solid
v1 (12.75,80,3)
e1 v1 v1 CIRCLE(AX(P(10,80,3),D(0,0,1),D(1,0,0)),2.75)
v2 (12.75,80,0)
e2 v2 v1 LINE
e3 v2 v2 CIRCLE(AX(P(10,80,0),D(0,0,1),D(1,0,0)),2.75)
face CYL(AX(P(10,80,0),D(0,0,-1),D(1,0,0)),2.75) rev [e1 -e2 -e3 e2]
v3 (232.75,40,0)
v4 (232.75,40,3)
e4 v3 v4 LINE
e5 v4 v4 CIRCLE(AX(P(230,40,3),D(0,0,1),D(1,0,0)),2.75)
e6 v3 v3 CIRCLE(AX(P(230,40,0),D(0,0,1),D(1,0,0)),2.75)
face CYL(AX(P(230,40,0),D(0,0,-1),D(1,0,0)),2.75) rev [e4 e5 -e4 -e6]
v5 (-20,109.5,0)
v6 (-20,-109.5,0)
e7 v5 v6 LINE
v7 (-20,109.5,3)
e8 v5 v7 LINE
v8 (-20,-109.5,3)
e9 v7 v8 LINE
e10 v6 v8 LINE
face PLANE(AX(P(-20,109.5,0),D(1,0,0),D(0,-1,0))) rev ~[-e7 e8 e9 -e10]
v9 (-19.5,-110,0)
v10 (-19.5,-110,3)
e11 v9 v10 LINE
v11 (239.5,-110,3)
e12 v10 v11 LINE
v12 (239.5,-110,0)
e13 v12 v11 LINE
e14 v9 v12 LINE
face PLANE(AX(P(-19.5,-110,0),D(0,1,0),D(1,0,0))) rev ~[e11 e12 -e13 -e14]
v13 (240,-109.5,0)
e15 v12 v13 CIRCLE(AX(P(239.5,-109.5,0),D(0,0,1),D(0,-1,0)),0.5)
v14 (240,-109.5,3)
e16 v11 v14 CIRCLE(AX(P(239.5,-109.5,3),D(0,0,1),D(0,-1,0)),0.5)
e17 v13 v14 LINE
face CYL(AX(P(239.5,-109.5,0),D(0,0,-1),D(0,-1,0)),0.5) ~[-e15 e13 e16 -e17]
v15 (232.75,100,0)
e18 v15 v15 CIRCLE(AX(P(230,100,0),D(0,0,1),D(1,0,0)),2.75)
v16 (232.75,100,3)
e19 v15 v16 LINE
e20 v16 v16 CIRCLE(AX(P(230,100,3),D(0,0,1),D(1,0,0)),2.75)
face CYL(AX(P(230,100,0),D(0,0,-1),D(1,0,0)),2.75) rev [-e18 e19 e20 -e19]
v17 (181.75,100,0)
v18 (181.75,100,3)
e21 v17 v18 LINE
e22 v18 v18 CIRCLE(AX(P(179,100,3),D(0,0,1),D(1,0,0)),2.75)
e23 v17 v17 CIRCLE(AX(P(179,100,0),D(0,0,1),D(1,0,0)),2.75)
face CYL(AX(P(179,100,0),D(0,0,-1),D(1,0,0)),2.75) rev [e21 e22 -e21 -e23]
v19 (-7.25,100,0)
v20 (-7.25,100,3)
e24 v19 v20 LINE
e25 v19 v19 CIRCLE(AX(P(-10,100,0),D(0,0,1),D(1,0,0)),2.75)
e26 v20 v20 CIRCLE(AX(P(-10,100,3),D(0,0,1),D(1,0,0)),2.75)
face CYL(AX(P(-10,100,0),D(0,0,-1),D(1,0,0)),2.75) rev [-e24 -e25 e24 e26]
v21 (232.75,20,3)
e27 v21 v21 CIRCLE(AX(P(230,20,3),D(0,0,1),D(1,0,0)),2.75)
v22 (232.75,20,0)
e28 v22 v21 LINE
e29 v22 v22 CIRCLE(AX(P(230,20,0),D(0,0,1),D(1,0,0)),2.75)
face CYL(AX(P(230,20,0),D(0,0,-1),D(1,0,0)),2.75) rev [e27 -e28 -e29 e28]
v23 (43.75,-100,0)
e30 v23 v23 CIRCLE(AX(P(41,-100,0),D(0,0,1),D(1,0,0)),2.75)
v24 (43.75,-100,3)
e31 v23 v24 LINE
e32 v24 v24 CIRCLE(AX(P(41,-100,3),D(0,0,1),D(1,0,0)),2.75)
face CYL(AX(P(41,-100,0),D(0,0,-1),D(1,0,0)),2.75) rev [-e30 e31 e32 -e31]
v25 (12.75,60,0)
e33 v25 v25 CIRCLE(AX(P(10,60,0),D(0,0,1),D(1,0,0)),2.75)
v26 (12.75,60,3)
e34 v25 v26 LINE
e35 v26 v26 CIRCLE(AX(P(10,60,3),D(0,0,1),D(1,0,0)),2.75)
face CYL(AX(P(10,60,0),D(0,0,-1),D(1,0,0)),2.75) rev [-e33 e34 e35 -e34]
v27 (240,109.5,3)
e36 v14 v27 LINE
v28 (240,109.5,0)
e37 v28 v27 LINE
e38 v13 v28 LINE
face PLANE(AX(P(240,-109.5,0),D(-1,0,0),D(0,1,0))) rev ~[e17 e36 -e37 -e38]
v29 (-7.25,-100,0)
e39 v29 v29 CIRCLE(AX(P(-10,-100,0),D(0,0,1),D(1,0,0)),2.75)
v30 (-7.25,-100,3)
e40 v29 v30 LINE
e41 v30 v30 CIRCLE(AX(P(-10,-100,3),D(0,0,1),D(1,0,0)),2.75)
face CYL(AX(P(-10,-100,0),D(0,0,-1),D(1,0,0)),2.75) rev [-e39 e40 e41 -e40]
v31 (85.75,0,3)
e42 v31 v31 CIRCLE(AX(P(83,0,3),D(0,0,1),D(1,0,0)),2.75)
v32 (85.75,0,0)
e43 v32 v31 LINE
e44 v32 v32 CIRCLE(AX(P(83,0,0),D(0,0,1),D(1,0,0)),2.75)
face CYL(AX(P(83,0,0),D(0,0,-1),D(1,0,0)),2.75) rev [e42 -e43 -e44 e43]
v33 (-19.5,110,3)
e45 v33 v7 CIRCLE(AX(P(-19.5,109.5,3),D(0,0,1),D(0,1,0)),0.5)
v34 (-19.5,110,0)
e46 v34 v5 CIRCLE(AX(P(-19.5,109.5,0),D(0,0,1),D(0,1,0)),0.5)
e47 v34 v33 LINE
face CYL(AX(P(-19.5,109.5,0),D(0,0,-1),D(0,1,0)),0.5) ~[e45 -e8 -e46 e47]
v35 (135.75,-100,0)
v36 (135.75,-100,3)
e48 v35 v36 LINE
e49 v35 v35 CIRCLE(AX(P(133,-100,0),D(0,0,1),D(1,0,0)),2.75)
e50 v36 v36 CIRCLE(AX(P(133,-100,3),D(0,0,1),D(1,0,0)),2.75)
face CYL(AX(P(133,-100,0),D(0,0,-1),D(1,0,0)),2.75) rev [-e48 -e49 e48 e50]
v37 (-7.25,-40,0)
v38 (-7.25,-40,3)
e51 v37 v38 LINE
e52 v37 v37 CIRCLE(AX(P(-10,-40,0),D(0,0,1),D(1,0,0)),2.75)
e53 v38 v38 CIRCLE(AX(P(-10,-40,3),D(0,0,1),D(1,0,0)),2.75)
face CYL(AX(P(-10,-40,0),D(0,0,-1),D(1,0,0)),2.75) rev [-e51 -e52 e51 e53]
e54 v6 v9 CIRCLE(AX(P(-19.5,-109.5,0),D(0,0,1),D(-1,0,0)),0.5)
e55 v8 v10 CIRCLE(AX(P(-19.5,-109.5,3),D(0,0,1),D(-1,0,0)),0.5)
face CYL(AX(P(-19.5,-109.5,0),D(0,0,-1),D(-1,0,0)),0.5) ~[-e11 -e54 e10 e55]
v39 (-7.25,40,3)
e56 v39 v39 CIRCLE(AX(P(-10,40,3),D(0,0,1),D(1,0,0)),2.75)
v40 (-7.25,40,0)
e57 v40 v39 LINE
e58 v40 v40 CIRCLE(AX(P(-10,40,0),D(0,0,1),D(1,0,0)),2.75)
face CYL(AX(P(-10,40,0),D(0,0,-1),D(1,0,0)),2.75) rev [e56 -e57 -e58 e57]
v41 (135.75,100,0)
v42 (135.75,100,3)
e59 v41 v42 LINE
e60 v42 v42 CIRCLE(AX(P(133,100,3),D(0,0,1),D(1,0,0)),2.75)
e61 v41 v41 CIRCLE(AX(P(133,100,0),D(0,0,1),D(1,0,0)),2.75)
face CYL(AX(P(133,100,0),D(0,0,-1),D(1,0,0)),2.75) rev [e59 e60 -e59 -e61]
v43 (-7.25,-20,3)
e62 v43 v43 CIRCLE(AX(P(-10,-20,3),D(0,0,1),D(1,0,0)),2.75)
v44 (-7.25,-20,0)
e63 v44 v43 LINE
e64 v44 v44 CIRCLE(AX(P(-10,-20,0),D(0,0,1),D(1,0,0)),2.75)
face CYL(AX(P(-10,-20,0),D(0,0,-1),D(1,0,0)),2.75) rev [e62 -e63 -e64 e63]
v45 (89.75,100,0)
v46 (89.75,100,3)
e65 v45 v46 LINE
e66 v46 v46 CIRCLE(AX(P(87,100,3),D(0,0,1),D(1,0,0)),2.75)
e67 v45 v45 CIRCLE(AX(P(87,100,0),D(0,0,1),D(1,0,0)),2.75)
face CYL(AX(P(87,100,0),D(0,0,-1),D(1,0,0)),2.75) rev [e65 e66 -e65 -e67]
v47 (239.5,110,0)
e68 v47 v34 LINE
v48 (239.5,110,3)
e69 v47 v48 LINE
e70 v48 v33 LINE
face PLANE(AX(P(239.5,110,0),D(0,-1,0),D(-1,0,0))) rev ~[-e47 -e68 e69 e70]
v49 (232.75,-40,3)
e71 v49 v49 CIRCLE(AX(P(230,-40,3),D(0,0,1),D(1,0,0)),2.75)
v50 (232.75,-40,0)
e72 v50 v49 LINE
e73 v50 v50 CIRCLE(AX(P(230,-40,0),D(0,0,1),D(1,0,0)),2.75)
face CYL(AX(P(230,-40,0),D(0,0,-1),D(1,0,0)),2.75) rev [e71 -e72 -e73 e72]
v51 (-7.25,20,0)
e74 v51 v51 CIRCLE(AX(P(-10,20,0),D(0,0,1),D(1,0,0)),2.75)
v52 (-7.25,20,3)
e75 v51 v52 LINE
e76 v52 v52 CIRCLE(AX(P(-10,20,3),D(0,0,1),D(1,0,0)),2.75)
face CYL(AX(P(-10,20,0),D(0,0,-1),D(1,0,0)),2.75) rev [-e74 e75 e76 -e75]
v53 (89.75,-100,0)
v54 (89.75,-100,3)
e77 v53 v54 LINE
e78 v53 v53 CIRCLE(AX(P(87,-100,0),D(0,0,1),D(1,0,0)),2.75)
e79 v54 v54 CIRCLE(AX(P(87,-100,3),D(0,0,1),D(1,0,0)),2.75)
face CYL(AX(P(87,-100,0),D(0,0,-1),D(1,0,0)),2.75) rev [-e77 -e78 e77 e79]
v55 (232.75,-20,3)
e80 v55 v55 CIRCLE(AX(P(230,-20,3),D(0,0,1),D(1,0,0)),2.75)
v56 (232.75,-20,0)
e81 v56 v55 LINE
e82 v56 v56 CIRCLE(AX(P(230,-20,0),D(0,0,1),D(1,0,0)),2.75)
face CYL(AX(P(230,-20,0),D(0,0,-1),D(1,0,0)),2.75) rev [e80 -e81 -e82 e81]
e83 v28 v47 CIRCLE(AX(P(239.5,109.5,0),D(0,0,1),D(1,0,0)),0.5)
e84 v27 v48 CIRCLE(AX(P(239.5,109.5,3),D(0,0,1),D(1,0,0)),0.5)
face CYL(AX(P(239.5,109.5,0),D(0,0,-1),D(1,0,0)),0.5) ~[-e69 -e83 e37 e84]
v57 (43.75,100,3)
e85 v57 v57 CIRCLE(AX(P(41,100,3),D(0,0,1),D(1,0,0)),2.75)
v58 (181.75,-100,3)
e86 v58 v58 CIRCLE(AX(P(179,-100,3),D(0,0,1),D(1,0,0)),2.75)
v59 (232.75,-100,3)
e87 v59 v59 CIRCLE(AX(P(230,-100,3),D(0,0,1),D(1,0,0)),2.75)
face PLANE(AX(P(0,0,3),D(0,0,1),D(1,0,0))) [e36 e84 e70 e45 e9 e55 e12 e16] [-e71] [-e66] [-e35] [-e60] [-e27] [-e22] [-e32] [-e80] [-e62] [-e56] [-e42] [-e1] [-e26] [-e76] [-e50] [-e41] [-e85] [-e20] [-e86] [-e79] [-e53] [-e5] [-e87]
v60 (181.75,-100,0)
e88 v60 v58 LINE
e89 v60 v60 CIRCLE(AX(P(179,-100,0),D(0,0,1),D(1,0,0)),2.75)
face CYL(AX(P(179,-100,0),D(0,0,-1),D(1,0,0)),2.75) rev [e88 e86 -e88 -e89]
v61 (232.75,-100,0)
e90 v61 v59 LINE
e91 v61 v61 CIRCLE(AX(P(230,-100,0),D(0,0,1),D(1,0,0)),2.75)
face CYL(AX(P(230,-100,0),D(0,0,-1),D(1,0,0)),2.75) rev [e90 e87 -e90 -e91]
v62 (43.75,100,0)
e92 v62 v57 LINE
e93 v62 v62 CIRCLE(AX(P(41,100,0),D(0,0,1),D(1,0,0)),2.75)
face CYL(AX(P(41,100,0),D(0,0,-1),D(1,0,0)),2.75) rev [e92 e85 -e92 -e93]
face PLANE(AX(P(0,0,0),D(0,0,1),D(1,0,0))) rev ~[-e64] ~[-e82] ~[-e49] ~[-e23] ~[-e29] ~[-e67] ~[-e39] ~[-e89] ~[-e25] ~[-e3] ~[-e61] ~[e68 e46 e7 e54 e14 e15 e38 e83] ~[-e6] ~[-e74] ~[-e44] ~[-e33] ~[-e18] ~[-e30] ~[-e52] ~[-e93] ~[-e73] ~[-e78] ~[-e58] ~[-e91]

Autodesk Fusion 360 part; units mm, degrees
sketch "Sketch1" plane through (0, 0, 0) normal (0, 0, 1) x (1, 0, 0)
  line L0 (239.5, 110) -> (-19.5, 110)
  circle A0 centre (230, 100) radius 2.75
  circle A1 centre (-10, 100) radius 2.75
  line L1 (240, -109.5) -> (240, 109.5)
  circle A2 centre (87, 100) radius 2.75
  circle A3 centre (41, 100) radius 2.75
  line L2 (-20, 109.5) -> (-20, -109.5)
  circle A4 centre (179, 100) radius 2.75
  circle A5 centre (133, 100) radius 2.75
  circle A6 centre (87, -100) radius 2.75
  circle A7 centre (-10, 40) radius 2.75
  circle A8 centre (10, 80) radius 2.75
  circle A9 centre (230, 40) radius 2.75
  circle A10 centre (230, -20) radius 2.75
  circle A11 centre (-10, -40) radius 2.75
  circle A12 centre (230, 20) radius 2.75
  circle A13 centre (-10, -100) radius 2.75
  circle A14 centre (230, -40) radius 2.75
  line L3 (-19.5, -110) -> (239.5, -110)
  circle A15 centre (-10, -20) radius 2.75
  circle A16 centre (41, -100) radius 2.75
  circle A17 centre (-10, 20) radius 2.75
  circle A18 centre (133, -100) radius 2.75
  circle A19 centre (179, -100) radius 2.75
  circle A20 centre (230, -100) radius 2.75
  line L4 (240, 109.5) -> (240, 109.5) construction
  arc A21 (240, 109.5) -> (239.5, 110) centre (239.5, 109.5) ccw
  arc A22 (239.5, -110) -> (240, -109.5) centre (239.5, -109.5) ccw
  arc A23 (-20, -109.5) -> (-19.5, -110) centre (-19.5, -109.5) ccw
  arc A24 (-19.5, 110) -> (-20, 109.5) centre (-19.5, 109.5) ccw
  circle A25 centre (10, 60) radius 2.75
  circle A26 centre (83, 0) radius 2.75
  dimension "d20" = 5.5
  dimension "d21" = 5.5
  dimension "d22" = 5.5
  dimension "d23" = 5.5
  dimension "d24" = 5.5
  dimension "d25" = 5.5
  dimension "d26" = 5.5
  dimension "d27" = 5.5
  dimension "d28" = 5.5
  dimension "d29" = 5.5
  dimension "d30" = 5.5
  dimension "d31" = 5.5
  dimension "d36" = 5.5
  dimension "d43" = 5.5
  dimension "d44" = 5.5
  dimension "d45" = 5.5
  dimension "d46" = 5.5
  dimension "d49" = 5.5
  dimension "d50" = 5.5
  dimension "d51" = 5.5
  dimension "d52" = 5.5
  dimension "d54" = 5.5
  dimension "d56" = 5.5
extrude "Extrude1" add sketch "Sketch1" along normal blind 3
